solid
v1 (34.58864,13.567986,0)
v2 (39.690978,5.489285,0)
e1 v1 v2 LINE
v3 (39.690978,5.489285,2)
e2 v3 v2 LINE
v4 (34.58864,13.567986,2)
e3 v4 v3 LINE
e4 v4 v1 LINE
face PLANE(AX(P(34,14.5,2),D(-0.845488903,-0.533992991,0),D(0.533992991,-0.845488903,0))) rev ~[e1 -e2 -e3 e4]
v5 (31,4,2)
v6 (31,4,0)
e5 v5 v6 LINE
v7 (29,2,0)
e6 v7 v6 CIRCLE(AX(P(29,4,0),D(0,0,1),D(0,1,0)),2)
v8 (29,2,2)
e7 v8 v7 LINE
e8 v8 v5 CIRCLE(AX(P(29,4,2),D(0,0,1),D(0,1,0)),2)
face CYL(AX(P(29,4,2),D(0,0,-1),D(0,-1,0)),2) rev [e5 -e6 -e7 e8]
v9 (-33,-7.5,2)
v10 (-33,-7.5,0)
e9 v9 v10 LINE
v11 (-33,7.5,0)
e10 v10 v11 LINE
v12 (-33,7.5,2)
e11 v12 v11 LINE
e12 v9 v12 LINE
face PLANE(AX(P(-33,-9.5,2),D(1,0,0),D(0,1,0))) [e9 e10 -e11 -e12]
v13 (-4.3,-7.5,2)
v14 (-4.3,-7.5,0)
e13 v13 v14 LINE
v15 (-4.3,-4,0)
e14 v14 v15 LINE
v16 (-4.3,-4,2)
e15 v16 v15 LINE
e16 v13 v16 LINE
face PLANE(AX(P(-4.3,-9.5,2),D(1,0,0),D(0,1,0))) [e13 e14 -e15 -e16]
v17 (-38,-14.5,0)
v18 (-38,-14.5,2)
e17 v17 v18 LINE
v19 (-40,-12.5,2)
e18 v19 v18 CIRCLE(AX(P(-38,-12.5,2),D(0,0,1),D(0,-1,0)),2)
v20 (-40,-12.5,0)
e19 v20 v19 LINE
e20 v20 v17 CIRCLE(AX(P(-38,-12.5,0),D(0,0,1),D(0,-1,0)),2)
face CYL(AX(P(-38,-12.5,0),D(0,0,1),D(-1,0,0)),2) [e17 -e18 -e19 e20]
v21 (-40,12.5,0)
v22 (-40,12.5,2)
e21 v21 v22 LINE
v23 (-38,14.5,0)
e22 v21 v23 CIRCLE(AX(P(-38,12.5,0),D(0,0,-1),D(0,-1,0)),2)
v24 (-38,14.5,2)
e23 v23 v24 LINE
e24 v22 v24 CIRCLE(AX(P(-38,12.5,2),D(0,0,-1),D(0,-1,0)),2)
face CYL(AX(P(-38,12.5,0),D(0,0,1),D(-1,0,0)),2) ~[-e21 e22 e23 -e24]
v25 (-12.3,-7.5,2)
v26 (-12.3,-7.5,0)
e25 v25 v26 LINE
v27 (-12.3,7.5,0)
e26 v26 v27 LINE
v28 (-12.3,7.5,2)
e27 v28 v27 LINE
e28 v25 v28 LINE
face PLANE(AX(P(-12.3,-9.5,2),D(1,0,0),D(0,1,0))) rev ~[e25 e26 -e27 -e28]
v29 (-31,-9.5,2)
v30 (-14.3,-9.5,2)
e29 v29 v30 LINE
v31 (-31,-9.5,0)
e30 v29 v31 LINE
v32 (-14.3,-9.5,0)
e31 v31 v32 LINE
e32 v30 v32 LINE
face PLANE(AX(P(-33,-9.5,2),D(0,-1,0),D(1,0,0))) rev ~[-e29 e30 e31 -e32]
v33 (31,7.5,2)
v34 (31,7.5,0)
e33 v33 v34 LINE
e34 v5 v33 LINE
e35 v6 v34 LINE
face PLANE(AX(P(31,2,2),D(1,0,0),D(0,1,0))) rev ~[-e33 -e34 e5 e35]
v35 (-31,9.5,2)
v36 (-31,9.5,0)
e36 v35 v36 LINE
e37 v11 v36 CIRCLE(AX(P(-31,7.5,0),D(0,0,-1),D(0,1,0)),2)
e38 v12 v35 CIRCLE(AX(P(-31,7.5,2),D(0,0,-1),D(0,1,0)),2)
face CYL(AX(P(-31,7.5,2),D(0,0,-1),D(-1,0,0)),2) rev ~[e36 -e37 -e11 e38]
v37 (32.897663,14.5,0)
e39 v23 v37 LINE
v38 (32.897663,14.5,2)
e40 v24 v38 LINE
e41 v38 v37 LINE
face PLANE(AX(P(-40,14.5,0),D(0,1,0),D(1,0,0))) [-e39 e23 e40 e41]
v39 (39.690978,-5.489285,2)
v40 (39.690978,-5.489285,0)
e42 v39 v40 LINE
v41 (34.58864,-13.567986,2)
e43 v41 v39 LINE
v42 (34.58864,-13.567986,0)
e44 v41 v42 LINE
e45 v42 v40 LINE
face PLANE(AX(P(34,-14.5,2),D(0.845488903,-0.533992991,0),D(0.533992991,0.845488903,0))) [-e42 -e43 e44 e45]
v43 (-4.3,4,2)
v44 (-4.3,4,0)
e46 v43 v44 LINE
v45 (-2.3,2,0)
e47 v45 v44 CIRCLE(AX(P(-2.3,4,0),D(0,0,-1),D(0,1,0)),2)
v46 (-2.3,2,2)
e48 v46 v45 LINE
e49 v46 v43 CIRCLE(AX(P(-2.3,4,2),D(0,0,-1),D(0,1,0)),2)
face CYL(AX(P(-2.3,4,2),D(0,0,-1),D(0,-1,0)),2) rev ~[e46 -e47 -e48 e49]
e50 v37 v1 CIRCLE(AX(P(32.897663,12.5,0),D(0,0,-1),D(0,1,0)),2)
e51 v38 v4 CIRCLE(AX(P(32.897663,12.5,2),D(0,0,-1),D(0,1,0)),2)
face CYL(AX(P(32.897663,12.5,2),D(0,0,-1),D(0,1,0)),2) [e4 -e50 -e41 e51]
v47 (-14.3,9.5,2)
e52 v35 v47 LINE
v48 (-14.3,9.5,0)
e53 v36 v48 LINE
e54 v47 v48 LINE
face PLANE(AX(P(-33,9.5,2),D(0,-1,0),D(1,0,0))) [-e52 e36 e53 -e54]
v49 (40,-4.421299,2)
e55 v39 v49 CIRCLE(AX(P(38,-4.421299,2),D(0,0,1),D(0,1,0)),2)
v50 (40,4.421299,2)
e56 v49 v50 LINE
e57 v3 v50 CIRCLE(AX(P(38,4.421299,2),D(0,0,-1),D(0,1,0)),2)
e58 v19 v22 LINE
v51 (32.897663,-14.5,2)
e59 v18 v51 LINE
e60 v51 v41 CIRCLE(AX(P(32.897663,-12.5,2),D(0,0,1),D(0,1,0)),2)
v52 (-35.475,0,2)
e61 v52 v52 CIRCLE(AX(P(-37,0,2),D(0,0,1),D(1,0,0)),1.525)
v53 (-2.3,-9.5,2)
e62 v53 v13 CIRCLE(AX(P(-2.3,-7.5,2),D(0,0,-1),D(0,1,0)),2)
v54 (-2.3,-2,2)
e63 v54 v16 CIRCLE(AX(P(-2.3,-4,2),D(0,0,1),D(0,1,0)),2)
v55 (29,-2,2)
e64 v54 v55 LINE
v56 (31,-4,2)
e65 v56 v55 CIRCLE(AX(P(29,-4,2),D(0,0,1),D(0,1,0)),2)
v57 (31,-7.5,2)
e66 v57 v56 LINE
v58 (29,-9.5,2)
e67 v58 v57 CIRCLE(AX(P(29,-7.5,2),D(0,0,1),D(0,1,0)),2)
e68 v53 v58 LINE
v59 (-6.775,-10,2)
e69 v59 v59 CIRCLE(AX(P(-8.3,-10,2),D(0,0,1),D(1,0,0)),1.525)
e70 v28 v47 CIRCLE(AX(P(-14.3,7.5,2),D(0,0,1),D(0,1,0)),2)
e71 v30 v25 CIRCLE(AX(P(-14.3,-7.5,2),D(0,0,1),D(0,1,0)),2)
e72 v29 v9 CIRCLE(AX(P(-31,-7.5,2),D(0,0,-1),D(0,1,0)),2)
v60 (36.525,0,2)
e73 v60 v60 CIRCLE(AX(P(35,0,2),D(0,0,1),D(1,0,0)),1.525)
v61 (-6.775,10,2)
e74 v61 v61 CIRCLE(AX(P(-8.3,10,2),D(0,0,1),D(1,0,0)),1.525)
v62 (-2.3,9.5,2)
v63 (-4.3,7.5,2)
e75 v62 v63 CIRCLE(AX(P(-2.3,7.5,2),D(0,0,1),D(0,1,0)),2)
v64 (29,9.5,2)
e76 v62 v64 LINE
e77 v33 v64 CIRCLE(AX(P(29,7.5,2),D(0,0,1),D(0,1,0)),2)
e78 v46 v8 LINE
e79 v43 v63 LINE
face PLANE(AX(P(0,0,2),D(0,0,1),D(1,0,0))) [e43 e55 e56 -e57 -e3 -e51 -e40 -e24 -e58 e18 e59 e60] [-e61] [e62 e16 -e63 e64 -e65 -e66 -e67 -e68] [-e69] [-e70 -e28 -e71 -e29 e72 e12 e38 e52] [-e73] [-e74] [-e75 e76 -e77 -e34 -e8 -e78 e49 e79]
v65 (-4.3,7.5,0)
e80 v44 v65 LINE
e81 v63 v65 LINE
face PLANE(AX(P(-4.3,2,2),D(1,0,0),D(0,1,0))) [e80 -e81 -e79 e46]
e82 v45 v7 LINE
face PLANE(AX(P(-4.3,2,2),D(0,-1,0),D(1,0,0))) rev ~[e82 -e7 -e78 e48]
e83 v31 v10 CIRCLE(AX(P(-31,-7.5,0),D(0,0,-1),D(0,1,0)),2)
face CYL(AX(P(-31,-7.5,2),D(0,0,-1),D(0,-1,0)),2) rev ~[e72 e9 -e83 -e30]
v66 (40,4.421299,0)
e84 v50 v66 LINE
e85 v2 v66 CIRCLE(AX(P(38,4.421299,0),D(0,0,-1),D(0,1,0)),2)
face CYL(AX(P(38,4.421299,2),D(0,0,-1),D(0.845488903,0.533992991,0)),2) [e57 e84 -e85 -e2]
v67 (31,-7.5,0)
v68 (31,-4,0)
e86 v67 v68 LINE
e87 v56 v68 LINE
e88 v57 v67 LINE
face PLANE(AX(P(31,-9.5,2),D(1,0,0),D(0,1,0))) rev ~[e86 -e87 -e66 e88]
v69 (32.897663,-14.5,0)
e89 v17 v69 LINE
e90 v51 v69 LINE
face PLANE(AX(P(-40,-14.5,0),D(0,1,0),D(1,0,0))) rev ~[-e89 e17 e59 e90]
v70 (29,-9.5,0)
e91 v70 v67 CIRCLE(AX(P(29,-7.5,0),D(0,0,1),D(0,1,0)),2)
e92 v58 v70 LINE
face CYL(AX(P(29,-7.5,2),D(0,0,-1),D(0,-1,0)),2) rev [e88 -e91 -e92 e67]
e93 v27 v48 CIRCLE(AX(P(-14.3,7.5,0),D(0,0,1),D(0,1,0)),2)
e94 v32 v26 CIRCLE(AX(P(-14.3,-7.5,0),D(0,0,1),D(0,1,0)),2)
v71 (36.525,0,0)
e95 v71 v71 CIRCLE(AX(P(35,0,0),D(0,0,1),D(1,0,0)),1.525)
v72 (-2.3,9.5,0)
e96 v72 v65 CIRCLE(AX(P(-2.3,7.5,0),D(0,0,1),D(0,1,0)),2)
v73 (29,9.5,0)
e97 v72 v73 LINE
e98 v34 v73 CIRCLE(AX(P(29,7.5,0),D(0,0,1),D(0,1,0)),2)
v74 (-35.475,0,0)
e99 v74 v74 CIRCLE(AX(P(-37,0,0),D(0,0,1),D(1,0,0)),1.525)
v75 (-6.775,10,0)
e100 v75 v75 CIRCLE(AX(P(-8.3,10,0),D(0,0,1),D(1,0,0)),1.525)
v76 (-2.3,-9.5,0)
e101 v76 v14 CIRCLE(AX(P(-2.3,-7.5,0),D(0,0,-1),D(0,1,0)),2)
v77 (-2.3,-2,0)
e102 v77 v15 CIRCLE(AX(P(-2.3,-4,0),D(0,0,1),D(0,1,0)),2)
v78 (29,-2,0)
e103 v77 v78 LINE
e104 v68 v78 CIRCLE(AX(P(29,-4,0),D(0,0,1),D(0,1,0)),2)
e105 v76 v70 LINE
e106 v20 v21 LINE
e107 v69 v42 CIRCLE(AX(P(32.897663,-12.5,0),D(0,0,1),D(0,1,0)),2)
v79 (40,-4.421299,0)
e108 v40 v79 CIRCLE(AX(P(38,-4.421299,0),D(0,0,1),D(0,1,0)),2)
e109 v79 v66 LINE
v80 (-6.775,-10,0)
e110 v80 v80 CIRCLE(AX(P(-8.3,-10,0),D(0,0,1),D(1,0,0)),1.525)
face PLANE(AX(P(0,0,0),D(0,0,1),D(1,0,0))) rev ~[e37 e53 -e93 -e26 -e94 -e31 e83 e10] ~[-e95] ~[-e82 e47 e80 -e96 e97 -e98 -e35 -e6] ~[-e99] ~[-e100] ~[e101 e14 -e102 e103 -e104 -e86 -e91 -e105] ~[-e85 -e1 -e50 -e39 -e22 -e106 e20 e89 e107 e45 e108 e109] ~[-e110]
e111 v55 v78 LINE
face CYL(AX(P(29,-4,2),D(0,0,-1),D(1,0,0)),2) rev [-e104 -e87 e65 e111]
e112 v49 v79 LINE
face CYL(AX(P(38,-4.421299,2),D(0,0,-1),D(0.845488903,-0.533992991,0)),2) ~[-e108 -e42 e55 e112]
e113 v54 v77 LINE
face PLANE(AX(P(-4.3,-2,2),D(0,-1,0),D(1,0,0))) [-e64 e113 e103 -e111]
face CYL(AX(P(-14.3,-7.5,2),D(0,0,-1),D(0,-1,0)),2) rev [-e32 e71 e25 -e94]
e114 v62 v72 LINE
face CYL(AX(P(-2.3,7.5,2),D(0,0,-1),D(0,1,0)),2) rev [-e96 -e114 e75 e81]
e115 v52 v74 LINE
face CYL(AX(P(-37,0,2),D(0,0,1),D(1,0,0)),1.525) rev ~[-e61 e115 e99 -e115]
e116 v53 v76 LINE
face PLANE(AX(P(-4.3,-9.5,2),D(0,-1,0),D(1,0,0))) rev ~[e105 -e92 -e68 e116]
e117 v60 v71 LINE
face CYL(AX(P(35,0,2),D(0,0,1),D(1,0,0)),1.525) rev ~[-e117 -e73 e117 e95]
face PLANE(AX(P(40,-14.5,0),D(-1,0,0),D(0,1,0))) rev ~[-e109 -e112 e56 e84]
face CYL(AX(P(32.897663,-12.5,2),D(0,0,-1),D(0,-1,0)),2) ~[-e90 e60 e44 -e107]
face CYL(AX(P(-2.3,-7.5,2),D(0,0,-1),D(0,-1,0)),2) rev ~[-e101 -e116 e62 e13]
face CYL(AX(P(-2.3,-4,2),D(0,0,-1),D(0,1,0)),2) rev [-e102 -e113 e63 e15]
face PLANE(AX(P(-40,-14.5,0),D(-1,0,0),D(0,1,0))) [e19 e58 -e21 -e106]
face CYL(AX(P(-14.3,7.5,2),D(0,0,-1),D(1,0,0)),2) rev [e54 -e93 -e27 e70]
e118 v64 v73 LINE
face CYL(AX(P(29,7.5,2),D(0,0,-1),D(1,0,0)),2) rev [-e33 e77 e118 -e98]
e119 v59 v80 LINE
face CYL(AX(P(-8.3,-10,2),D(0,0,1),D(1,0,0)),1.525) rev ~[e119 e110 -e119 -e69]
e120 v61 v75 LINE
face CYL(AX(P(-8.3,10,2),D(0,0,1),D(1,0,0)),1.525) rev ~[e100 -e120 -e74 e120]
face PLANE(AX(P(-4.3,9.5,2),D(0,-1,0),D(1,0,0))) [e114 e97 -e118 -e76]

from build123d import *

# Parameters (mm, degrees)
SKETCH_1_W          = 80
SKETCH_1_H          = 29
EXTRUDE_1_DEPTH     = 2
CUT_EXTRUDE_1_DEPTH = 2
SKETCH_3_R          = 1.525
CUT_EXTRUDE_2_DEPTH = 10
SKETCH_4_R          = 1.525
CUT_EXTRUDE_3_DEPTH = 10
FILLET_1_R          = 2
SKETCH_5_W          = 20.7
SKETCH_5_H          = 19
CUT_EXTRUDE_4_DEPTH = 10
SKETCH_6_W          = 35.3
SKETCH_6_H          = 7.5
CUT_EXTRUDE_5_DEPTH = 10
FILLET_2_R          = 2


with BuildPart() as part:
    # 草图1 → 凸台-拉伸1 (new body)
    with BuildSketch(Plane.XY):
        Rectangle(SKETCH_1_W, SKETCH_1_H)
    extrude(amount=EXTRUDE_1_DEPTH)

    # 草图2 → 切除-拉伸1 (cut)
    with BuildSketch(Plane.XY.offset(2)):
        Polygon((34, 14.5), (40, 5), (40, 14.5), align=None)
        Polygon((40, -14.5), (34, -14.5), (40, -5), align=None)
    extrude(amount=-CUT_EXTRUDE_1_DEPTH, mode=Mode.SUBTRACT)

    # 草图3 → 切除-拉伸2 (cut)
    with BuildSketch(Plane.XY.offset(2)):
        with Locations((-8.3, 10)):
            Circle(SKETCH_3_R)
        with Locations((-37, 0)):
            Circle(SKETCH_3_R)
        with Locations((-8.3, -10)):
            Circle(SKETCH_3_R)
    extrude(amount=-CUT_EXTRUDE_2_DEPTH, mode=Mode.SUBTRACT)

    # 草图4 → 切除-拉伸3 (cut)
    with BuildSketch(Plane.XY.offset(2)):
        with Locations((35, 0)):
            Circle(SKETCH_4_R)
    extrude(amount=-CUT_EXTRUDE_3_DEPTH, mode=Mode.SUBTRACT)

    # 圆角1
    fillet_1_edges = [part.edges().sort_by_distance(p)[0] for p in [
        (34, 14.5, 1),
        (40, 5, 1),
        (40, -5, 1),
        (34, -14.5, 1),
        (-40, -14.5, 1),
        (-40, 14.5, 1),
    ]]
    fillet(fillet_1_edges, radius=FILLET_1_R)

    # 草图5 → 切除-拉伸4 (cut)
    with BuildSketch(Plane.XY.offset(2)):
        with Locations((-22.65, 0)):
            Rectangle(SKETCH_5_W, SKETCH_5_H)
    extrude(amount=-CUT_EXTRUDE_4_DEPTH, mode=Mode.SUBTRACT)

    # 草图6 → 切除-拉伸5 (cut)
    with BuildSketch(Plane.XY.offset(2)):
        with Locations((13.35, 5.75)):
            Rectangle(SKETCH_6_W, SKETCH_6_H)
        with Locations((13.35, -5.75)):
            Rectangle(SKETCH_6_W, SKETCH_6_H)
    extrude(amount=-CUT_EXTRUDE_5_DEPTH, mode=Mode.SUBTRACT)

    # 圆角2
    fillet_2_edges = [part.edges().sort_by_distance(p)[0] for p in [
        (-33, 9.5, 1),
        (-12.3, 9.5, 1),
        (-12.3, -9.5, 1),
        (-33, -9.5, 1),
        (-4.3, 2, 1),
        (-4.3, 9.5, 1),
        (31, 9.5, 1),
        (31, 2, 1),
        (-4.3, -2, 1),
        (31, -2, 1),
        (31, -9.5, 1),
        (-4.3, -9.5, 1),
    ]]
    fillet(fillet_2_edges, radius=FILLET_2_R)


solid = part.part
